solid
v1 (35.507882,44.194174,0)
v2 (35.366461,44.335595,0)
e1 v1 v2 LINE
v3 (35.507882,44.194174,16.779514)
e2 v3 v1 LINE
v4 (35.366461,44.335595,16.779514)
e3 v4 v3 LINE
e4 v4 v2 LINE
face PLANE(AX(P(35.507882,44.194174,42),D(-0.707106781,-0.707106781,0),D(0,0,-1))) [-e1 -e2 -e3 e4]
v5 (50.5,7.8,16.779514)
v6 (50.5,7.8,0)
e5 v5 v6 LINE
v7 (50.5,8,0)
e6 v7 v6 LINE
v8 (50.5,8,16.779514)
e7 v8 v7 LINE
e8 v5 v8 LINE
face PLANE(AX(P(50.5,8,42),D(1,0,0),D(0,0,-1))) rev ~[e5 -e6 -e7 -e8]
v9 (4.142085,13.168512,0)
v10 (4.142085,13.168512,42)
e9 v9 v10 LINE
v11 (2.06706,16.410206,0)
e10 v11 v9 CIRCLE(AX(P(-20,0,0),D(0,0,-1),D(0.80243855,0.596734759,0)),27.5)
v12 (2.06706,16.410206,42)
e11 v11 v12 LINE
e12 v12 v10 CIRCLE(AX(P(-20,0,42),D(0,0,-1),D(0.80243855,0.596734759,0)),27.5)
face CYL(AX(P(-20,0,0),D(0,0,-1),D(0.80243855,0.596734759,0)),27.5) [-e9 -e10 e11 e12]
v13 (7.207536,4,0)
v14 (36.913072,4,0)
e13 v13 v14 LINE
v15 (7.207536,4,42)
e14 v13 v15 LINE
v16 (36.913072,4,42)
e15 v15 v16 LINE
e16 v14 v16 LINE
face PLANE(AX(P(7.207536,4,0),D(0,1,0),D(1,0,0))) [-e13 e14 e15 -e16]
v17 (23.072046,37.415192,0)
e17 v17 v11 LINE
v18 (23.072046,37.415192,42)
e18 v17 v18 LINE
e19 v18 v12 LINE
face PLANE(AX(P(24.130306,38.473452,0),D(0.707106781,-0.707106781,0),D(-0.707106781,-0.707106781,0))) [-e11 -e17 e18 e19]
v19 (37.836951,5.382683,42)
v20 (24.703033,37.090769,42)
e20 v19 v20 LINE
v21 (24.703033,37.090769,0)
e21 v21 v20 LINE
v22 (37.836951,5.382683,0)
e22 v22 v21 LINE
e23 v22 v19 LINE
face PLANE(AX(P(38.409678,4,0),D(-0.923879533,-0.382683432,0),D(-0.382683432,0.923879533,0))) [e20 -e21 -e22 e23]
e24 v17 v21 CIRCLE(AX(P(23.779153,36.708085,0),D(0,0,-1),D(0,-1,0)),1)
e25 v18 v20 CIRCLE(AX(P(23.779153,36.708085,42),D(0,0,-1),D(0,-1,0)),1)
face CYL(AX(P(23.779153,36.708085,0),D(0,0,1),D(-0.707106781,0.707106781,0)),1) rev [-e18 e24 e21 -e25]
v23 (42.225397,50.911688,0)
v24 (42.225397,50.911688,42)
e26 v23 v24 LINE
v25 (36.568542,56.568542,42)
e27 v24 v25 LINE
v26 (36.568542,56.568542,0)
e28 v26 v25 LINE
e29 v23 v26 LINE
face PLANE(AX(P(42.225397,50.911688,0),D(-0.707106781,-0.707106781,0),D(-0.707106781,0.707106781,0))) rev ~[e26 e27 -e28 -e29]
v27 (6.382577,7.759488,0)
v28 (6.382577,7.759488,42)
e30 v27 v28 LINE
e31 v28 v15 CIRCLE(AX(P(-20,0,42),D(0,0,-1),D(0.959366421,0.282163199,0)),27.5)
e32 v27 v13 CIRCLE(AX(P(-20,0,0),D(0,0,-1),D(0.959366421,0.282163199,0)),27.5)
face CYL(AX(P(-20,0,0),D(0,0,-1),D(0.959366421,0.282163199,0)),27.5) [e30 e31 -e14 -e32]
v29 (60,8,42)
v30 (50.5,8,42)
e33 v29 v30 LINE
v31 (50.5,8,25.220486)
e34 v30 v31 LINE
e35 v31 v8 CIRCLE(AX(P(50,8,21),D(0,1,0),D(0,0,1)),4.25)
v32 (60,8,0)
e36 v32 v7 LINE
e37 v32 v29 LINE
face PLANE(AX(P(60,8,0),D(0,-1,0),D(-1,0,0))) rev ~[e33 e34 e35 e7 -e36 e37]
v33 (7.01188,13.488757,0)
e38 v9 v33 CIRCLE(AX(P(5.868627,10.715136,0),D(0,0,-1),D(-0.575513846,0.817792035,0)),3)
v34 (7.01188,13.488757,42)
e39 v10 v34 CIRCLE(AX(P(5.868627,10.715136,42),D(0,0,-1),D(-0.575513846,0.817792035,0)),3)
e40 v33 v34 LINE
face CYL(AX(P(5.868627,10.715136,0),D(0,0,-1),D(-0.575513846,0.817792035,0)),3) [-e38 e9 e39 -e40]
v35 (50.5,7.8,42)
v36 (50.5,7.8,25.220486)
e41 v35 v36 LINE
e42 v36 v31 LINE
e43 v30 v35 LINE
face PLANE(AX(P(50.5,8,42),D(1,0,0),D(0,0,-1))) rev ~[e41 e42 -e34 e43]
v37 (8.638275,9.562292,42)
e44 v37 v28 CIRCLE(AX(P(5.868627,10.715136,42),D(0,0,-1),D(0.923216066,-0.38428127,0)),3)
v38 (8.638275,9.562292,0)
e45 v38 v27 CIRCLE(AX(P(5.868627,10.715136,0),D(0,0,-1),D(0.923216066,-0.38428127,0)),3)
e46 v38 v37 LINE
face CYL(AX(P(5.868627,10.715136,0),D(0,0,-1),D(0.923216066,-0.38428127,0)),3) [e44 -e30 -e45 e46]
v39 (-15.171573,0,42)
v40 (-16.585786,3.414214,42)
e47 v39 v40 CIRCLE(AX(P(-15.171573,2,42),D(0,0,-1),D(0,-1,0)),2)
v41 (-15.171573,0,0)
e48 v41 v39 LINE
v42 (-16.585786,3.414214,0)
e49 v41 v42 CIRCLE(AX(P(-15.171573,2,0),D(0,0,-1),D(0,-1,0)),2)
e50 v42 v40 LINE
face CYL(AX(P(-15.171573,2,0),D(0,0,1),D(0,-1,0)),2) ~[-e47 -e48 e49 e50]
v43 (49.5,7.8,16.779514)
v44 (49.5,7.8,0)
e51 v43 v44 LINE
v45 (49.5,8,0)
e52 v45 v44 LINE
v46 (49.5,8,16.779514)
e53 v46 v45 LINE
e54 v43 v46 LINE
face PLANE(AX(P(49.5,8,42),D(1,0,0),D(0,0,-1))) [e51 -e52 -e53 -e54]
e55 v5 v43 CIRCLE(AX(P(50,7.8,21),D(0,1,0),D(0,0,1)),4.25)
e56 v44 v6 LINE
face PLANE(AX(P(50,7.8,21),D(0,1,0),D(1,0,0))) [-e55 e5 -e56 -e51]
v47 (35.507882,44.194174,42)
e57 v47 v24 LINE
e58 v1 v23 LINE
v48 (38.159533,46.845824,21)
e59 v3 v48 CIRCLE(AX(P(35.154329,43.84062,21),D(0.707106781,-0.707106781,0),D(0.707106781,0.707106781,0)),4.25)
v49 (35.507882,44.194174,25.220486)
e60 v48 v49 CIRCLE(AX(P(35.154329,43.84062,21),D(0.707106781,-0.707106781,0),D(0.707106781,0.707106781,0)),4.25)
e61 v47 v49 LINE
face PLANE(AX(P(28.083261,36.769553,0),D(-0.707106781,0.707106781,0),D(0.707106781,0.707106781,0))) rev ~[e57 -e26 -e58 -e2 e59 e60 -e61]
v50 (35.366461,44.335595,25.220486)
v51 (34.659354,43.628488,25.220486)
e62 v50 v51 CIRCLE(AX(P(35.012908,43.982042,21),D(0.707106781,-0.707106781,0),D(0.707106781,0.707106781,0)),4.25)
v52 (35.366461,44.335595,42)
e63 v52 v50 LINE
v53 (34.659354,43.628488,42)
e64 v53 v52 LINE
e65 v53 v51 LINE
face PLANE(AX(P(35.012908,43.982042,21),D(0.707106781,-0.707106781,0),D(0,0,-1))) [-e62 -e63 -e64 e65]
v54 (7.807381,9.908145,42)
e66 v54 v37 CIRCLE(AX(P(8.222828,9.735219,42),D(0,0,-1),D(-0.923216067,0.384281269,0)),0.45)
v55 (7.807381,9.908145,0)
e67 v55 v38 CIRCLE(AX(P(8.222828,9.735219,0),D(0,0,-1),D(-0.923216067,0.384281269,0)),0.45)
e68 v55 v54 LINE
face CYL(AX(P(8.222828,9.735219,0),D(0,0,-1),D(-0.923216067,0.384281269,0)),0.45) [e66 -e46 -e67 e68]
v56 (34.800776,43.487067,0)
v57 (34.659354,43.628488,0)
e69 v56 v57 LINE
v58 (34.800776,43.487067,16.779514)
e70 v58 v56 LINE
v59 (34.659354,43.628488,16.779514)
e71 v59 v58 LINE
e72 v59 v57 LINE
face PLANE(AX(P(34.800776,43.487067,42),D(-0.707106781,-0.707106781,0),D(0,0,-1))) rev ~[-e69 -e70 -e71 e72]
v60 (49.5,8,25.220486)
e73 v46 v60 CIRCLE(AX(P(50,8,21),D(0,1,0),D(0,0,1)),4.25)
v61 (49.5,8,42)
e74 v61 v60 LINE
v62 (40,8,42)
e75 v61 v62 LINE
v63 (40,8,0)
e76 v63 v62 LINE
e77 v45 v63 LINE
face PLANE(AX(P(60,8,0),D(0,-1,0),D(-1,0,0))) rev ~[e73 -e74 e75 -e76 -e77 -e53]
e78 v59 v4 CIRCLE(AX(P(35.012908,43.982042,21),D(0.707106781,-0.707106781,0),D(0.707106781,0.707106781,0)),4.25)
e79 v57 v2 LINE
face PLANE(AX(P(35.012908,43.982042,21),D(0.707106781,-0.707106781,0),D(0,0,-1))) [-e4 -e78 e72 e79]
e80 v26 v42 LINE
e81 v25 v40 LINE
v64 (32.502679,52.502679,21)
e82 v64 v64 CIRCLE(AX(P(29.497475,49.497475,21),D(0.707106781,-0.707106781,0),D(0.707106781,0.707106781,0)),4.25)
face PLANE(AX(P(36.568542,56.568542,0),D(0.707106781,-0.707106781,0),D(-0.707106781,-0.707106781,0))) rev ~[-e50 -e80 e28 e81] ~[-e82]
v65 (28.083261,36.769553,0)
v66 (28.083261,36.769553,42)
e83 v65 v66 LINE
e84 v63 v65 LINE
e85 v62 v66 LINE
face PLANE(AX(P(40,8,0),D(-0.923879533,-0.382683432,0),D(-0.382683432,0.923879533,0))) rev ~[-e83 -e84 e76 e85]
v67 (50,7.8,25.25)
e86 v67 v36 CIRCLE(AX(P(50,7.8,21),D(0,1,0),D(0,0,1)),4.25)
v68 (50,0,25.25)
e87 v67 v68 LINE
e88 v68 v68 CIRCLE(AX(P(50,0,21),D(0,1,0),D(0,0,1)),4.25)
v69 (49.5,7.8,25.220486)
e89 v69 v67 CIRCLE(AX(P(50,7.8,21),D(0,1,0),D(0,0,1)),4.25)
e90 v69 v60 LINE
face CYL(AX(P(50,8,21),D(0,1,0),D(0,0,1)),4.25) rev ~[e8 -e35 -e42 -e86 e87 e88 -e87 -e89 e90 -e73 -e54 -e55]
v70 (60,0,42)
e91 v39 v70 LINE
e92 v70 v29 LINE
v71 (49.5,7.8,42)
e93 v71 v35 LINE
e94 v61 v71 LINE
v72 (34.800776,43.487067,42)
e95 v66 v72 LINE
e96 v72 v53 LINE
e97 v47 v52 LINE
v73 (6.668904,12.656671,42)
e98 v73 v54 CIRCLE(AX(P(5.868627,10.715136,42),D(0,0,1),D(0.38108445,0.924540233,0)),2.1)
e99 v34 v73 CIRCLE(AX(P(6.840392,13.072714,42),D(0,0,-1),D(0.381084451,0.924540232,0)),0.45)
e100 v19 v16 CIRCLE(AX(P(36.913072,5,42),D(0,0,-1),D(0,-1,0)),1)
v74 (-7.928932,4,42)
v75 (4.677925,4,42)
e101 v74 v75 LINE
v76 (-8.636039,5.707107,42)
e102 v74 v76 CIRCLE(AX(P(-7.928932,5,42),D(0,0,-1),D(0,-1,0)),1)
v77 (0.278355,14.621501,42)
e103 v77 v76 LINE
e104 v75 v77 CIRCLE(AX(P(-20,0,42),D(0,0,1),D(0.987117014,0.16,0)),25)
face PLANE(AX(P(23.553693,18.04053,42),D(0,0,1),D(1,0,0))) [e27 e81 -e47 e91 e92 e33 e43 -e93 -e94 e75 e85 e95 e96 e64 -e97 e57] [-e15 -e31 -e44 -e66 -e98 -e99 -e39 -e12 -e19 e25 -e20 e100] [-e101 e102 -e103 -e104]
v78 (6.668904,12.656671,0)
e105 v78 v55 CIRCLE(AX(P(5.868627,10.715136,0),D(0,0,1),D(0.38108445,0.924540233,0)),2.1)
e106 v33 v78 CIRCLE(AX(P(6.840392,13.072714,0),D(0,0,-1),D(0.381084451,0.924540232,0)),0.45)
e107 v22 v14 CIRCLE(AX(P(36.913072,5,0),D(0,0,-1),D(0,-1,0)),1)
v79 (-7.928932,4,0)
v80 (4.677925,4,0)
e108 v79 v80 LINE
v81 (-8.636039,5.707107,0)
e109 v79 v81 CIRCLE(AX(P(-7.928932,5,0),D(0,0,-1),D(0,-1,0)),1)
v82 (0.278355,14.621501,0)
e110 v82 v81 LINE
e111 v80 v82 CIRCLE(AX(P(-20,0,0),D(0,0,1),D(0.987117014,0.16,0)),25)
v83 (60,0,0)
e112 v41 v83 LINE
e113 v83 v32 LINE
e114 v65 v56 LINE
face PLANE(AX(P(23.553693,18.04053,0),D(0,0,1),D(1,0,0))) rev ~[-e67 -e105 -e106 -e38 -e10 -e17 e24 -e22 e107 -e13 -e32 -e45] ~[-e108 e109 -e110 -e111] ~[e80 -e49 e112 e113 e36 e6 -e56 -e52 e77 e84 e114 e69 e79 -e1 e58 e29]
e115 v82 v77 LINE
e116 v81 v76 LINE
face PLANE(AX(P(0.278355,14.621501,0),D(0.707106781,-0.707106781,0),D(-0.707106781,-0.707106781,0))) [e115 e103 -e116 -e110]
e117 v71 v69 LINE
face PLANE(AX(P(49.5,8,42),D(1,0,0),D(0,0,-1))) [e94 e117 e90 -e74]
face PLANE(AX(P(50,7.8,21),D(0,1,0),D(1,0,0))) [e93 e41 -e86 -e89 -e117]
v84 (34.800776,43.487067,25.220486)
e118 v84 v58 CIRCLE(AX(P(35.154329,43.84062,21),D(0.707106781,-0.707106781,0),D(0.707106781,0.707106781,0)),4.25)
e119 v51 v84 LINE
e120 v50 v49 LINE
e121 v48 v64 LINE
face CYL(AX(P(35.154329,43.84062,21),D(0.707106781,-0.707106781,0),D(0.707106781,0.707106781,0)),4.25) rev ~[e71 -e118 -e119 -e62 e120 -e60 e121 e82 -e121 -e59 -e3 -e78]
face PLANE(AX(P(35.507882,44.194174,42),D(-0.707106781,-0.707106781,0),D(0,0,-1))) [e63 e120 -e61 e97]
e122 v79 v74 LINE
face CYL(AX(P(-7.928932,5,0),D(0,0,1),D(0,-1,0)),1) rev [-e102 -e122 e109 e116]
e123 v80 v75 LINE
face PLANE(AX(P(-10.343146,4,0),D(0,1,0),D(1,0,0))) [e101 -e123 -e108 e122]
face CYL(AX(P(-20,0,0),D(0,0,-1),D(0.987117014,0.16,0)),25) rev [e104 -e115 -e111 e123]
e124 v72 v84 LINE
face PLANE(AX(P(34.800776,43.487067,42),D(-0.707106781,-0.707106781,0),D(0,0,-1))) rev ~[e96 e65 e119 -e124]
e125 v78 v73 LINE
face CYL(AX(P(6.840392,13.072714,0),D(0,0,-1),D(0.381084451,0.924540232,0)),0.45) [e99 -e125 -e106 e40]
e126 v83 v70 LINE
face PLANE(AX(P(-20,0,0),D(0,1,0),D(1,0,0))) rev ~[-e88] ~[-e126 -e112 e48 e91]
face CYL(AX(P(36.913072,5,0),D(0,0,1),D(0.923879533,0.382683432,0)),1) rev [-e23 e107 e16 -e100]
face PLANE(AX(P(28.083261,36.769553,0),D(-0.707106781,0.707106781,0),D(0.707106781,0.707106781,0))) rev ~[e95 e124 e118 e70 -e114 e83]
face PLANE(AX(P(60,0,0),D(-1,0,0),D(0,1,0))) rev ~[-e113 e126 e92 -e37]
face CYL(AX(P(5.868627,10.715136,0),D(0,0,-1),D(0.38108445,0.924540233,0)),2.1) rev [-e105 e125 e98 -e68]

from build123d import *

# Parameters (mm, degrees)
EXTRUDE_1_DEPTH     = 42
FILLET_1_R          = 2
FILLET_2_R          = 1
FILLET_3_R          = 1
CUT_EXTRUDE_1_REACH = 89.88
SKETCH_2_R          = 4.25
CUT_EXTRUDE_2_REACH = 94.906
SKETCH_3_R          = 4.25
SKETCH_4_W          = 42
SKETCH_4_H          = 1
CUT_EXTRUDE_3_DEPTH = 0.2
SKETCH_5_W          = 1
SKETCH_5_H          = 42
CUT_EXTRUDE_4_DEPTH = 0.2


with BuildPart() as part:
    # 草图1 → 凸台-拉伸1 (new body)
    with BuildSketch(Plane.XY):
        Polygon((0, 0), (60, 0), (60, 8), (40, 8), (28.083261121, 36.769552622), (42.225396744, 50.911688245), (36.568542495, 56.568542495), (-20, 0), align=None)
        with BuildLine():
            Line((24.130306277, 38.473452028), (2.067060132, 16.410205883))
            ThreePointArc((2.067060132, 16.410205883), (3.161356319, 14.825706508), (4.142085372, 13.168512212))
            ThreePointArc((4.142085372, 13.168512212), (5.535917687, 13.696629788), (7.01188026, 13.488756805))
            ThreePointArc((7.01188026, 13.488756805), (7.256435362, 12.901225698), (6.668904255, 12.656670595))
            ThreePointArc((6.668904255, 12.656670595), (3.928479892, 9.911500898), (7.80738065, 9.90814544))
            ThreePointArc((7.80738065, 9.90814544), (8.395754452, 10.150666099), (8.638275111, 9.562292298))
            ThreePointArc((8.638275111, 9.562292298), (7.741600362, 8.371640758), (6.382576562, 7.759487995))
            ThreePointArc((6.382576562, 7.759487995), (6.860909722, 5.894194507), (7.207535721, 4))
            Line((7.207535721, 4), (38.409677649, 4))
            Line((38.409677649, 4), (24.130306277, 38.473452028))
        make_face(mode=Mode.SUBTRACT)
        with BuildLine():
            Line((-10.343145751, 4), (4.677925359, 4))
            ThreePointArc((4.677925359, 4), (3.096988313, 9.567085809), (0.278355491, 14.621501242))
            Line((0.278355491, 14.621501242), (-10.343145751, 4))
        make_face(mode=Mode.SUBTRACT)
    extrude(amount=EXTRUDE_1_DEPTH)

    # 圆角1
    fillet_1_edges = [part.edges().sort_by_distance(p)[0] for p in [
        (-20, 0, 21),
    ]]
    fillet(fillet_1_edges, radius=FILLET_1_R)

    # 圆角2
    fillet_2_edges = [part.edges().sort_by_distance(p)[0] for p in [
        (-10.343145751, 4, 21),
    ]]
    fillet(fillet_2_edges, radius=FILLET_2_R)

    # 圆角3
    fillet_3_edges = [part.edges().sort_by_distance(p)[0] for p in [
        (38.409677649, 4, 21),
        (24.130306277, 38.473452028, 21),
    ]]
    fillet(fillet_3_edges, radius=FILLET_3_R)

    # 草图2 → 切除-拉伸1 (cut, up to next)
    with BuildSketch(Plane(origin=(0, 8, 0), x_dir=(1, 0, 0), z_dir=(0, 1, 0)), mode=Mode.PRIVATE) as cut_extrude_1_sk1:
        with Locations(Location((50, -21, 0), (0, 0, 270))):
            Circle(SKETCH_2_R)
    cut_extrude_1_tool1 = extrude(cut_extrude_1_sk1.sketch, amount=-CUT_EXTRUDE_1_REACH, mode=Mode.PRIVATE) & part.part
    add(cut_extrude_1_tool1.solids().sort_by_distance((50, 8, 21))[0], mode=Mode.SUBTRACT)

    # 草图3 → 切除-拉伸2 (cut, up to next)
    with BuildSketch(Plane(origin=(-4.343145751, 4.343145751, 0), x_dir=(0, 0, -1), z_dir=(0.7071067811865441, -0.7071067811865509, 0)), mode=Mode.PRIVATE) as cut_extrude_2_sk1:
        with Locations(Location((-21, 55.857864376, 0), (0, 0, 90))):
            Circle(SKETCH_3_R)
    cut_extrude_2_tool1 = extrude(cut_extrude_2_sk1.sketch, amount=-CUT_EXTRUDE_2_REACH, mode=Mode.PRIVATE) & part.part
    add(cut_extrude_2_tool1.solids().sort_by_distance((35.154329, 43.84062, 21))[0], mode=Mode.SUBTRACT)

    # 草图4 → 切除-拉伸3 (cut)
    with BuildSketch(Plane(origin=(-4.343145751, 4.343145751, 0), x_dir=(0, 0, -1), z_dir=(0.7071067811865441, -0.7071067811865509, 0))):
        with Locations((-21, 55.857864376)):
            Rectangle(SKETCH_4_W, SKETCH_4_H)
    extrude(amount=-CUT_EXTRUDE_3_DEPTH, mode=Mode.SUBTRACT)

    # 草图5 → 切除-拉伸4 (cut)
    with BuildSketch(Plane(origin=(0, 8, 0), x_dir=(1, 0, 0), z_dir=(0, 1, 0))):
        with Locations((50, -21)):
            Rectangle(SKETCH_5_W, SKETCH_5_H)
    extrude(amount=-CUT_EXTRUDE_4_DEPTH, mode=Mode.SUBTRACT)


solid = part.part
